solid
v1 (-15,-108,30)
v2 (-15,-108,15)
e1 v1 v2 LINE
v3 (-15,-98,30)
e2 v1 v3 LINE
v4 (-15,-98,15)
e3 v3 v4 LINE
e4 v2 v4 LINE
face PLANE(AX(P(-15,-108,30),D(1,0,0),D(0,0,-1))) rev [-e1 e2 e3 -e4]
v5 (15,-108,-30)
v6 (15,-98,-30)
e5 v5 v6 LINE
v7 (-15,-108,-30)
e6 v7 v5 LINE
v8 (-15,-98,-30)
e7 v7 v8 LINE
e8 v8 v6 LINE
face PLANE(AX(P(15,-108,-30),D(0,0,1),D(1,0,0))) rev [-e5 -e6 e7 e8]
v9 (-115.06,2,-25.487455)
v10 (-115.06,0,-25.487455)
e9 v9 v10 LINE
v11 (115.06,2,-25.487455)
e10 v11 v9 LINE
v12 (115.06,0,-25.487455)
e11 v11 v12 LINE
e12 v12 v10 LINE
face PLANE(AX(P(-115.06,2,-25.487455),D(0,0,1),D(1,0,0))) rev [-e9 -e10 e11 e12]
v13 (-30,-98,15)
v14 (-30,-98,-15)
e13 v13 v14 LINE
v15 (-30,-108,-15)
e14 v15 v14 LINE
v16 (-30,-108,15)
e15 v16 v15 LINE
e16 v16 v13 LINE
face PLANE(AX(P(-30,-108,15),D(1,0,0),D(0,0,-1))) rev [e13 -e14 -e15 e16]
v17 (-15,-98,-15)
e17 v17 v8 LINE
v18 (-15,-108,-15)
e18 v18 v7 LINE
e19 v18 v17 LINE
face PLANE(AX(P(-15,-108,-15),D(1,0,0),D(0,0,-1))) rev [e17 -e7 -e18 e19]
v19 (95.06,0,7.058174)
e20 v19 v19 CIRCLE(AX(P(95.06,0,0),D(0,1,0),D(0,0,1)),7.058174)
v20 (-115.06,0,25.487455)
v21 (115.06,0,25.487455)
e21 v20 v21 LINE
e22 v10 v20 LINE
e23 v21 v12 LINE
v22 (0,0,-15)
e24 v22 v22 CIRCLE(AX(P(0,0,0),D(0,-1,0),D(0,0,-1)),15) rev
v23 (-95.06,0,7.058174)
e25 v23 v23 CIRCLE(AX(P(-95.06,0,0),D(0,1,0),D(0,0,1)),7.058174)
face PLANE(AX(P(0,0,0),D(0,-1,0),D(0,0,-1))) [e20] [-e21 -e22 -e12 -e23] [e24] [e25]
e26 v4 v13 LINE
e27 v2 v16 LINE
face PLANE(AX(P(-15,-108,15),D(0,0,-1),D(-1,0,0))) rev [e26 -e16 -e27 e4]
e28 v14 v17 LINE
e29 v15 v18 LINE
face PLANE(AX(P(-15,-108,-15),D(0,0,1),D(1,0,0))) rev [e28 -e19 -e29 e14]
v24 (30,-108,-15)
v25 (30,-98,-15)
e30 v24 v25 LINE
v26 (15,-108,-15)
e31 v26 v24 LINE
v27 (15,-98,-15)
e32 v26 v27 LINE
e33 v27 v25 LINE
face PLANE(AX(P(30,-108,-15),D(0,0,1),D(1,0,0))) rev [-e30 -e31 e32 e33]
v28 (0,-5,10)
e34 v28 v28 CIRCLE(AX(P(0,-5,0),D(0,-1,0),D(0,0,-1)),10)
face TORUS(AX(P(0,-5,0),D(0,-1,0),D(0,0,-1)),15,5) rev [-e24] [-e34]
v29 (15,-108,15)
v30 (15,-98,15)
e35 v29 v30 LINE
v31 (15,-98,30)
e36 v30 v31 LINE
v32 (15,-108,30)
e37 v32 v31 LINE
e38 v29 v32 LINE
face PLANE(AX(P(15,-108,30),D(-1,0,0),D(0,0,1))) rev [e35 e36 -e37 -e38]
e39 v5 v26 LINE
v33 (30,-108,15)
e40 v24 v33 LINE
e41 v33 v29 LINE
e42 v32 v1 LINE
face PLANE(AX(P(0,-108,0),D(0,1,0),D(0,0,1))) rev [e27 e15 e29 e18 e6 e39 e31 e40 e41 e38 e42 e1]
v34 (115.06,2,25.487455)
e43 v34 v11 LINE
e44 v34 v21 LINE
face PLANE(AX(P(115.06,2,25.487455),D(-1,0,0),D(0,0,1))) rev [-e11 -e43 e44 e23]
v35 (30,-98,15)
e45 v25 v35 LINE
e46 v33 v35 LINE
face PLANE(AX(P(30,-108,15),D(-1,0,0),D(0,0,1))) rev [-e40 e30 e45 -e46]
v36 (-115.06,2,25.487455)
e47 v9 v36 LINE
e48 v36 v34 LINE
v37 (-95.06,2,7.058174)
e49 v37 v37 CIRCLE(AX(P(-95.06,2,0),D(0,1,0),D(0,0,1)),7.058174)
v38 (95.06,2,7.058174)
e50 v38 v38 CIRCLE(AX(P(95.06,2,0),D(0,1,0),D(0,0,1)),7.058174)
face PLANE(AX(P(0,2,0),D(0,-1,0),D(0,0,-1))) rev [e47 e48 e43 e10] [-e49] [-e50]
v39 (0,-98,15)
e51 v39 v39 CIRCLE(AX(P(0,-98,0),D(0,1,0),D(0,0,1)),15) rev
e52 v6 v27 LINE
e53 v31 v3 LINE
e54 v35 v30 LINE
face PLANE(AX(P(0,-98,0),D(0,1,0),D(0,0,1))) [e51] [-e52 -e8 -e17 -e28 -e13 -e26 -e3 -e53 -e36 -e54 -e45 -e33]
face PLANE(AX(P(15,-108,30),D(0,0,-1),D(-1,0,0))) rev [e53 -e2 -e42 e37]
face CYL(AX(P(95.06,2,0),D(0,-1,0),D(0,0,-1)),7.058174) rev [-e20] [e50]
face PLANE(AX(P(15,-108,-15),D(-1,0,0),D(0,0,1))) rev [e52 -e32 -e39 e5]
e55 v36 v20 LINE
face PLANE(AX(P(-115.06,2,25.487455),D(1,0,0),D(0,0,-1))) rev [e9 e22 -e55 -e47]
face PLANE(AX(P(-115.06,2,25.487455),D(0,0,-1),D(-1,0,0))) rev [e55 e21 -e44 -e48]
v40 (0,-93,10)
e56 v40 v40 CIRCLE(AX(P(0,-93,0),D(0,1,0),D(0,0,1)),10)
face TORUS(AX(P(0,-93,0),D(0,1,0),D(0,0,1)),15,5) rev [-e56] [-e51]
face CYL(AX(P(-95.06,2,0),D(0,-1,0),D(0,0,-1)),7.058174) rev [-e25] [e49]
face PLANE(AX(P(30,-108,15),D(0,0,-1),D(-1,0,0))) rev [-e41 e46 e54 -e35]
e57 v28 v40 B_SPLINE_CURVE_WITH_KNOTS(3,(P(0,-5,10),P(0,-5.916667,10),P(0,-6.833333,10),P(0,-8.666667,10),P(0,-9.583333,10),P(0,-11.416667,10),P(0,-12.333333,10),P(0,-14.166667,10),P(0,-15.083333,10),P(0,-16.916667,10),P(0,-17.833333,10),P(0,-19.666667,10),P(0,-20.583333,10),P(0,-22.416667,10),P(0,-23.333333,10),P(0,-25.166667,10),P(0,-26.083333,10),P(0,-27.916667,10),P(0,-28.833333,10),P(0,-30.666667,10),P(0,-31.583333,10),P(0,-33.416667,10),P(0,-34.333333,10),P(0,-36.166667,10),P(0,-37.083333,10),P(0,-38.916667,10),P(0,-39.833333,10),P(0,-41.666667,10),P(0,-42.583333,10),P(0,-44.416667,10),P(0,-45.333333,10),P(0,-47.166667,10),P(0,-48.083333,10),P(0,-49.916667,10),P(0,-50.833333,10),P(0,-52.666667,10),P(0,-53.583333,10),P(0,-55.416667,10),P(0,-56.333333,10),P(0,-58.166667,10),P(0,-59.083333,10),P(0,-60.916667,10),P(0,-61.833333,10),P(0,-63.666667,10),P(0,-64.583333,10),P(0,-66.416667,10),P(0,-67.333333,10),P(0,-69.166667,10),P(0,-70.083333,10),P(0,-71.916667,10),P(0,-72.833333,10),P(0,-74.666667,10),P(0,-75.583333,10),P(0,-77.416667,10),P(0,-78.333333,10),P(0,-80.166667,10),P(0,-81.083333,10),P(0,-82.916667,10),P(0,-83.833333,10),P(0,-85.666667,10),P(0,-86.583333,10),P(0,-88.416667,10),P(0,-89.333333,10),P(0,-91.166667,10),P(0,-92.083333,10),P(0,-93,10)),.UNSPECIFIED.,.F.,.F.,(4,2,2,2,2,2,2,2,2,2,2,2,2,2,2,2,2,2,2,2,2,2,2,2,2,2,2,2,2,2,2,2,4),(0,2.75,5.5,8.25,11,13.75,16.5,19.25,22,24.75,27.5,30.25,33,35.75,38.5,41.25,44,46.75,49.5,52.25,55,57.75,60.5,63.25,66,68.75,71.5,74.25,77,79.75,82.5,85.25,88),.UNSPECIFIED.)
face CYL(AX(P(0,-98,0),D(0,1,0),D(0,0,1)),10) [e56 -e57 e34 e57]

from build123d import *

# Parameters (mm, degrees)
SKETCH1_W           = 230.12
SKETCH1_H           = 50.974909876
SKETCH1_R           = 7.058173785
BOSS_EXTRUDE1_DEPTH = 2
SKETCH2_R           = 10
BOSS_EXTRUDE2_DEPTH = 100
BOSS_EXTRUDE3_DEPTH = 10
FILLET1_R           = 5


with BuildPart() as part:
    # Sketch1 → Boss-Extrude1 (new body)
    with BuildSketch(Plane(origin=(0, 0, 0), x_dir=(1, 0, 0), z_dir=(0, 1, 0))):
        Rectangle(SKETCH1_W, SKETCH1_H)
        with Locations(Location((-95.06, 0, 0), (0, 0, 270))):
            Circle(SKETCH1_R, mode=Mode.SUBTRACT)
        with Locations(Location((95.06, 0, 0), (0, 0, 270))):
            Circle(SKETCH1_R, mode=Mode.SUBTRACT)
    extrude(amount=BOSS_EXTRUDE1_DEPTH)

    # Sketch2 → Boss-Extrude2 (add)
    with BuildSketch(Plane(origin=(0, 2, 0), x_dir=(1, 0, 0), z_dir=(0, 1, 0))):
        with Locations(Location((0, 0, 0), (0, 0, 270))):
            Circle(SKETCH2_R)
    extrude(amount=-BOSS_EXTRUDE2_DEPTH)

    # Sketch3 → Boss-Extrude3 (add)
    with BuildSketch(Plane(origin=(0, -98, 0), x_dir=(-1, 0, 0), z_dir=(0, -1, 0))):
        Polygon((15, 15), (30, 15), (30, -15), (15, -15), (15, -30), (-15, -30), (-15, -15), (-30, -15), (-30, 15), (-15, 15), (-15, 30), (15, 30), align=None)
    extrude(amount=BOSS_EXTRUDE3_DEPTH)

    # Fillet1
    fillet1_edges = [part.edges().sort_by_distance(p)[0] for p in [
        (0, 0, -10),
        (0, -98, -10),
    ]]
    fillet(fillet1_edges, radius=FILLET1_R)


solid = part.part
